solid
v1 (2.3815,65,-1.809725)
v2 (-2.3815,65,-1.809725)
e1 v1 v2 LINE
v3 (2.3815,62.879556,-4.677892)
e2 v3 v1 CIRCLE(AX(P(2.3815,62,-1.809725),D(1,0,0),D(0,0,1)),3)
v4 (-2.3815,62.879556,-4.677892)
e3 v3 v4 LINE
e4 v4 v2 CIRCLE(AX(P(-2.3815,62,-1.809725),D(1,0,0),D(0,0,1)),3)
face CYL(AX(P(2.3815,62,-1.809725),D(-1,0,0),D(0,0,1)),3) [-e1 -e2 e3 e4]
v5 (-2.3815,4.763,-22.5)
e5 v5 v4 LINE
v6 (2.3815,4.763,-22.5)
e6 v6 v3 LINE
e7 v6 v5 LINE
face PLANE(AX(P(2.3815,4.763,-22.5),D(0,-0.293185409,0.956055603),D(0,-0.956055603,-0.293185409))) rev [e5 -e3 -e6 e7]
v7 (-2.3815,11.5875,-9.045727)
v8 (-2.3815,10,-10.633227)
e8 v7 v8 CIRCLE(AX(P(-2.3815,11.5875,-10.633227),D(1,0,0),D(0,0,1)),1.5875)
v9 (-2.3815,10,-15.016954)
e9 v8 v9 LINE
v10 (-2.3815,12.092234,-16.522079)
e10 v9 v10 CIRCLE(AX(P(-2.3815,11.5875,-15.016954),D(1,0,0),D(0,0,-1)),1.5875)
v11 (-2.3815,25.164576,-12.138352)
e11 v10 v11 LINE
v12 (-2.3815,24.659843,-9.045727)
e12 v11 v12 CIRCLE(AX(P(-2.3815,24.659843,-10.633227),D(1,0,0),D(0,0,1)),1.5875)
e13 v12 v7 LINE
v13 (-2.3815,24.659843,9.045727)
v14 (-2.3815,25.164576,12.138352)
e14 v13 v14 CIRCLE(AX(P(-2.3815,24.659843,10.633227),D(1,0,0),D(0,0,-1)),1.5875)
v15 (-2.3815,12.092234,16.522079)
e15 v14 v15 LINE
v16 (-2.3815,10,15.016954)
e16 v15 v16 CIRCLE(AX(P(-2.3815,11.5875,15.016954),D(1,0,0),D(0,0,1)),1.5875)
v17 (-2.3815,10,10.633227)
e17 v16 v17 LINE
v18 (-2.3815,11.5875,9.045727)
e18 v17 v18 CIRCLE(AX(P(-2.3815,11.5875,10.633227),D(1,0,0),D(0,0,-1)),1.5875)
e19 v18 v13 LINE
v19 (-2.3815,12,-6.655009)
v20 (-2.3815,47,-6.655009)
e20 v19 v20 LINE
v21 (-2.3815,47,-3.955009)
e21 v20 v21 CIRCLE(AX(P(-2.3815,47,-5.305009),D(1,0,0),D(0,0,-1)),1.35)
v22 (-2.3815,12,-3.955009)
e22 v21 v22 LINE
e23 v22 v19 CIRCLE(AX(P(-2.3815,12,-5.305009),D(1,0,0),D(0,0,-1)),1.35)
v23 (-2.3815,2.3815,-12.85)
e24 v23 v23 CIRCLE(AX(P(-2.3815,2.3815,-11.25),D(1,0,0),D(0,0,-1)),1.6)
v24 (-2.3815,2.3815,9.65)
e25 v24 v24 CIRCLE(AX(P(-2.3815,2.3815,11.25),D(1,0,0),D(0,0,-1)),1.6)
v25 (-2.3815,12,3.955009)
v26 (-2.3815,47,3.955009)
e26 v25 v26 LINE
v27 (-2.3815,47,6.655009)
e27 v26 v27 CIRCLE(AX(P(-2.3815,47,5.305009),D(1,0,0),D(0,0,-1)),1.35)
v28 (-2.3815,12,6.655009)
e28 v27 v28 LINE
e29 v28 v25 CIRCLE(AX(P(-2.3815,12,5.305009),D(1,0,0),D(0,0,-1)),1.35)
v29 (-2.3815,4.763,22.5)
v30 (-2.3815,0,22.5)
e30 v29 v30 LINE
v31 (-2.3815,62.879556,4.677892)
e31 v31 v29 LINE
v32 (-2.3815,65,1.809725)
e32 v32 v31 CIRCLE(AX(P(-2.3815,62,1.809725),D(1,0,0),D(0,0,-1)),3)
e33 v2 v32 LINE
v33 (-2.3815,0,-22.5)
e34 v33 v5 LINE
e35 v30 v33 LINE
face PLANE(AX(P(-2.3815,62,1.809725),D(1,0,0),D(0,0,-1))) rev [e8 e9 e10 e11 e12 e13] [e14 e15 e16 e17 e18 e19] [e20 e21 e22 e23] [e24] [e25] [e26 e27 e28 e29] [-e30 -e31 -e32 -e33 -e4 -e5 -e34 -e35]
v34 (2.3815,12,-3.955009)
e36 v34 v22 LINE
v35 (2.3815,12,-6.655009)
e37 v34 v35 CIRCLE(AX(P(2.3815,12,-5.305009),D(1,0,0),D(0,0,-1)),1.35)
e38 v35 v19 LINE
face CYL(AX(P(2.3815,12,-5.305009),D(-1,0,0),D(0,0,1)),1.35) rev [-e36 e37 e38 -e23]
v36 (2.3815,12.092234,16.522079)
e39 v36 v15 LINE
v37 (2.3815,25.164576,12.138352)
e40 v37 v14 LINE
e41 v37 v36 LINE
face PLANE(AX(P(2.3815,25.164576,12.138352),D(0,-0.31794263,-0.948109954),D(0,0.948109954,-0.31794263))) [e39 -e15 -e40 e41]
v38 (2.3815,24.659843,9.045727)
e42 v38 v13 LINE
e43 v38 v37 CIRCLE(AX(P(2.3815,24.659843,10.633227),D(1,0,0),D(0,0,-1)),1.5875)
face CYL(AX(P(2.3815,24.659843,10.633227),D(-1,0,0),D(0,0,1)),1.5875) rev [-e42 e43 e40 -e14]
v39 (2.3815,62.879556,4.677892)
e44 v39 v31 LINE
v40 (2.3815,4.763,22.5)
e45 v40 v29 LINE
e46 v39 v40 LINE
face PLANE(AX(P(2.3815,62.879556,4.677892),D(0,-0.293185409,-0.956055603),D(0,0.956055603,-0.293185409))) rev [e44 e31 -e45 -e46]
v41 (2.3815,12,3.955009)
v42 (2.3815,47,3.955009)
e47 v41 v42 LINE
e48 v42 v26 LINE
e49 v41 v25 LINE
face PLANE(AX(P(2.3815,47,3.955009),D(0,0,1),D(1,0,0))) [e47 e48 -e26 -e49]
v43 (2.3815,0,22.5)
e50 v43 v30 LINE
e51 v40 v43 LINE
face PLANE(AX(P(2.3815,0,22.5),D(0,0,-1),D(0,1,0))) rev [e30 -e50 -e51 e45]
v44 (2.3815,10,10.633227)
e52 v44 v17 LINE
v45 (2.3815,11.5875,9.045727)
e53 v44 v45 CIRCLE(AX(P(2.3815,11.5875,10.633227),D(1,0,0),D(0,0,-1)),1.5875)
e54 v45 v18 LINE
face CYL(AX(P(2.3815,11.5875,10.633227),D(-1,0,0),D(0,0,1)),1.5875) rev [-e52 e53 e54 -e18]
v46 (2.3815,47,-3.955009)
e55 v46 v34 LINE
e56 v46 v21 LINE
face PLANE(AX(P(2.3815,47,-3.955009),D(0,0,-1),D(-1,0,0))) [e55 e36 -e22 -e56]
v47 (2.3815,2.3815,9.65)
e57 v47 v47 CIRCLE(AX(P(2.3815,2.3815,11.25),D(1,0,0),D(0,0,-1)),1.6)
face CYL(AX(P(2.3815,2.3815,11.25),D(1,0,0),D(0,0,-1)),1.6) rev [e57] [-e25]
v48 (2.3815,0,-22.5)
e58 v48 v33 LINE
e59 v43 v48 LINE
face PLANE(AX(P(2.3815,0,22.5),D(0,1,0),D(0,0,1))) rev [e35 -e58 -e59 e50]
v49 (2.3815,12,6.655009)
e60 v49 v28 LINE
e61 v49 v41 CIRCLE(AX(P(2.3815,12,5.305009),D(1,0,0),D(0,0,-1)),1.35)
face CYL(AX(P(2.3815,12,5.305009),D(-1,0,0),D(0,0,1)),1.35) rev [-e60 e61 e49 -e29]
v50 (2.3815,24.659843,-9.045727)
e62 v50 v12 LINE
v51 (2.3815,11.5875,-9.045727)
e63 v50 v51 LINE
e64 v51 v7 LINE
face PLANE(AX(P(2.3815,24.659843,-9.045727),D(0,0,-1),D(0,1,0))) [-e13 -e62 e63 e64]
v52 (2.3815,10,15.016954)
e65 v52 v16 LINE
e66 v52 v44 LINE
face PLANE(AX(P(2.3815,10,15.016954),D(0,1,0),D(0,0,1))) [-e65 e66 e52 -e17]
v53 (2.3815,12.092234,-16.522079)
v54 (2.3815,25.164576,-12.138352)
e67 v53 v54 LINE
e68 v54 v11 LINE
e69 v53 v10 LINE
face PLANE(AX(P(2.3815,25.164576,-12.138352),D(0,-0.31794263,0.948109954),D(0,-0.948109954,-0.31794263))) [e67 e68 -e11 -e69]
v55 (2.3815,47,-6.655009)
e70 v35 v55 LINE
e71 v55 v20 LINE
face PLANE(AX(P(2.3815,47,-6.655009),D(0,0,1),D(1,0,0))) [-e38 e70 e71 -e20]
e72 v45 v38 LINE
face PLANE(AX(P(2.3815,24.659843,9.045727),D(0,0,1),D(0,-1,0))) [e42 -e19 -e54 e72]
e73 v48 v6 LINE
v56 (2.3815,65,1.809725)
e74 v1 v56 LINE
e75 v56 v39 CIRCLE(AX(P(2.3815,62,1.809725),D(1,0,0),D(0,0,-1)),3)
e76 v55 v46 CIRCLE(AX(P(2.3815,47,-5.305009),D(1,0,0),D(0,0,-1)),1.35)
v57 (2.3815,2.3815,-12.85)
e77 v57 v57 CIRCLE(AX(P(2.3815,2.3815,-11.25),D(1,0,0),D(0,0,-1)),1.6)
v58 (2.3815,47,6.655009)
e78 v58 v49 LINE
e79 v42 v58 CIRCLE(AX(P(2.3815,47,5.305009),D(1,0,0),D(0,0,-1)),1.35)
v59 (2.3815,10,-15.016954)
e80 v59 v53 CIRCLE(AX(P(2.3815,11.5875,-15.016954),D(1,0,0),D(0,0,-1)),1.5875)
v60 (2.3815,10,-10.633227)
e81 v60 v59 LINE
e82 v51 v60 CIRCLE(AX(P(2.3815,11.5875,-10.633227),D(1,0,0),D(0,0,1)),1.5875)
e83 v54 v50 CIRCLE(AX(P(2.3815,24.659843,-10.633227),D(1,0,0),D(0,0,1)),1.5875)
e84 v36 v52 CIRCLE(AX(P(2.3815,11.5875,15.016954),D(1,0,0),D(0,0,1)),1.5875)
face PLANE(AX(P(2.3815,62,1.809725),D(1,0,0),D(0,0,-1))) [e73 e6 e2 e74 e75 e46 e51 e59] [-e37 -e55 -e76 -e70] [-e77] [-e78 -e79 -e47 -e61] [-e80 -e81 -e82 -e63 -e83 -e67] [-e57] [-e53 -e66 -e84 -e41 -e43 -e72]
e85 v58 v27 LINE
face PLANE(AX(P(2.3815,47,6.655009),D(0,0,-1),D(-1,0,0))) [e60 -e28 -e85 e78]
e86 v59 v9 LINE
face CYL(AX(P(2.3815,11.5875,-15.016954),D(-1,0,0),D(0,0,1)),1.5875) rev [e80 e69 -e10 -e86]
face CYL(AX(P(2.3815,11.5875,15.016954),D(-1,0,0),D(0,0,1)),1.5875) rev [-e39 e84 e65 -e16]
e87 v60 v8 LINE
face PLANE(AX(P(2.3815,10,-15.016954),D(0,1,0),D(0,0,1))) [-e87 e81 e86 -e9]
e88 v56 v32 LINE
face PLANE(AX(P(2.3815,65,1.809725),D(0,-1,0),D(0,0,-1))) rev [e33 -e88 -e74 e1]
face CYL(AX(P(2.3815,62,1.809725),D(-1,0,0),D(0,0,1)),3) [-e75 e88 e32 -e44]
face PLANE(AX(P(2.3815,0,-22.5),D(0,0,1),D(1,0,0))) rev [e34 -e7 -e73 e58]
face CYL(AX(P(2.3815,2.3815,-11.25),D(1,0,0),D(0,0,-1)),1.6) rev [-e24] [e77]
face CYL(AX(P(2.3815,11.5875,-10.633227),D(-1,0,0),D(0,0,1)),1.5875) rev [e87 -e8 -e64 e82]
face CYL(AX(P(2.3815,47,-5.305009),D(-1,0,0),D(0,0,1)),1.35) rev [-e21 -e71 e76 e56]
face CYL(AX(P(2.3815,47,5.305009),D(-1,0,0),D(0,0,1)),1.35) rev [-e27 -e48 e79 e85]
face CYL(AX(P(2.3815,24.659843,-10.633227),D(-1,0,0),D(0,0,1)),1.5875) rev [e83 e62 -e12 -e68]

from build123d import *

# Parameters (mm, degrees)
BOSS_EXTRUDE1_DEPTH  = 2.3815
M3_CLEARANCE_HOLE1_D = 3.2


with BuildPart() as part:
    # Sketch1 → Boss-Extrude1 (new body, symmetric)
    with BuildSketch(Plane(origin=(0, 0, 0), x_dir=(0, 0, -1), z_dir=(1, 0, 0))):
        with BuildLine():
            Line((-22.5, 0), (22.5, 0))
            Line((22.5, 0), (22.5, 4.763))
            Line((22.5, 4.763), (4.677891876, 62.879556228))
            ThreePointArc((4.677891876, 62.879556228), (3.593167148, 64.41232965), (1.809725067, 65))
            Line((1.809725067, 65), (-1.809725067, 65))
            ThreePointArc((-1.809725067, 65), (-3.593167148, 64.41232965), (-4.677891876, 62.879556228))
            Line((-4.677891876, 62.879556228), (-22.5, 4.763))
            Line((-22.5, 4.763), (-22.5, 0))
        make_face()
        with BuildLine():
            Line((-3.955008566, 47), (-3.955008566, 12))
            ThreePointArc((-3.955008566, 12), (-5.305008566, 10.65), (-6.655008566, 12))
            Line((-6.655008566, 12), (-6.655008566, 47))
            ThreePointArc((-6.655008566, 47), (-5.305008566, 48.35), (-3.955008566, 47))
        make_face(mode=Mode.SUBTRACT)
        with BuildLine():
            Line((6.655008566, 47), (6.655008566, 12))
            ThreePointArc((6.655008566, 12), (5.305008566, 10.65), (3.955008566, 12))
            Line((3.955008566, 12), (3.955008566, 47))
            ThreePointArc((3.955008566, 47), (5.305008566, 48.35), (6.655008566, 47))
        make_face(mode=Mode.SUBTRACT)
        with BuildLine():
            Line((12.138351874, 25.164576479), (16.522078624, 12.092233924))
            ThreePointArc((16.522078624, 12.092233924), (16.305639712, 10.660437126), (15.016954073, 10))
            Line((15.016954073, 10), (10.633227322, 10))
            ThreePointArc((10.633227322, 10), (9.510695307, 10.464967985), (9.045727322, 11.5875))
            Line((9.045727322, 11.5875), (9.045727322, 24.659842555))
            ThreePointArc((9.045727322, 24.659842555), (10.377521412, 26.226613354), (12.138351874, 25.164576479))
        make_face(mode=Mode.SUBTRACT)
        with BuildLine():
            Line((-9.045727322, 24.659842555), (-9.045727322, 11.5875))
            ThreePointArc((-9.045727322, 11.5875), (-9.510695307, 10.464967985), (-10.633227322, 10))
            Line((-10.633227322, 10), (-15.016954073, 10))
            ThreePointArc((-15.016954073, 10), (-16.305639712, 10.660437126), (-16.522078624, 12.092233924))
            Line((-16.522078624, 12.092233924), (-12.138351874, 25.164576479))
            ThreePointArc((-12.138351874, 25.164576479), (-10.377521412, 26.226613354), (-9.045727322, 24.659842555))
        make_face(mode=Mode.SUBTRACT)
    extrude(amount=BOSS_EXTRUDE1_DEPTH, both=True)

    # M3 Clearance Hole1 (through all)
    with Locations(Plane(origin=(2.3815, 0, 0), x_dir=(0, 0, -1), z_dir=(1, 0, 0))):
        with Locations((-11.25, 2.3815), (11.25, 2.3815)):
            Hole(M3_CLEARANCE_HOLE1_D / 2)


solid = part.part
